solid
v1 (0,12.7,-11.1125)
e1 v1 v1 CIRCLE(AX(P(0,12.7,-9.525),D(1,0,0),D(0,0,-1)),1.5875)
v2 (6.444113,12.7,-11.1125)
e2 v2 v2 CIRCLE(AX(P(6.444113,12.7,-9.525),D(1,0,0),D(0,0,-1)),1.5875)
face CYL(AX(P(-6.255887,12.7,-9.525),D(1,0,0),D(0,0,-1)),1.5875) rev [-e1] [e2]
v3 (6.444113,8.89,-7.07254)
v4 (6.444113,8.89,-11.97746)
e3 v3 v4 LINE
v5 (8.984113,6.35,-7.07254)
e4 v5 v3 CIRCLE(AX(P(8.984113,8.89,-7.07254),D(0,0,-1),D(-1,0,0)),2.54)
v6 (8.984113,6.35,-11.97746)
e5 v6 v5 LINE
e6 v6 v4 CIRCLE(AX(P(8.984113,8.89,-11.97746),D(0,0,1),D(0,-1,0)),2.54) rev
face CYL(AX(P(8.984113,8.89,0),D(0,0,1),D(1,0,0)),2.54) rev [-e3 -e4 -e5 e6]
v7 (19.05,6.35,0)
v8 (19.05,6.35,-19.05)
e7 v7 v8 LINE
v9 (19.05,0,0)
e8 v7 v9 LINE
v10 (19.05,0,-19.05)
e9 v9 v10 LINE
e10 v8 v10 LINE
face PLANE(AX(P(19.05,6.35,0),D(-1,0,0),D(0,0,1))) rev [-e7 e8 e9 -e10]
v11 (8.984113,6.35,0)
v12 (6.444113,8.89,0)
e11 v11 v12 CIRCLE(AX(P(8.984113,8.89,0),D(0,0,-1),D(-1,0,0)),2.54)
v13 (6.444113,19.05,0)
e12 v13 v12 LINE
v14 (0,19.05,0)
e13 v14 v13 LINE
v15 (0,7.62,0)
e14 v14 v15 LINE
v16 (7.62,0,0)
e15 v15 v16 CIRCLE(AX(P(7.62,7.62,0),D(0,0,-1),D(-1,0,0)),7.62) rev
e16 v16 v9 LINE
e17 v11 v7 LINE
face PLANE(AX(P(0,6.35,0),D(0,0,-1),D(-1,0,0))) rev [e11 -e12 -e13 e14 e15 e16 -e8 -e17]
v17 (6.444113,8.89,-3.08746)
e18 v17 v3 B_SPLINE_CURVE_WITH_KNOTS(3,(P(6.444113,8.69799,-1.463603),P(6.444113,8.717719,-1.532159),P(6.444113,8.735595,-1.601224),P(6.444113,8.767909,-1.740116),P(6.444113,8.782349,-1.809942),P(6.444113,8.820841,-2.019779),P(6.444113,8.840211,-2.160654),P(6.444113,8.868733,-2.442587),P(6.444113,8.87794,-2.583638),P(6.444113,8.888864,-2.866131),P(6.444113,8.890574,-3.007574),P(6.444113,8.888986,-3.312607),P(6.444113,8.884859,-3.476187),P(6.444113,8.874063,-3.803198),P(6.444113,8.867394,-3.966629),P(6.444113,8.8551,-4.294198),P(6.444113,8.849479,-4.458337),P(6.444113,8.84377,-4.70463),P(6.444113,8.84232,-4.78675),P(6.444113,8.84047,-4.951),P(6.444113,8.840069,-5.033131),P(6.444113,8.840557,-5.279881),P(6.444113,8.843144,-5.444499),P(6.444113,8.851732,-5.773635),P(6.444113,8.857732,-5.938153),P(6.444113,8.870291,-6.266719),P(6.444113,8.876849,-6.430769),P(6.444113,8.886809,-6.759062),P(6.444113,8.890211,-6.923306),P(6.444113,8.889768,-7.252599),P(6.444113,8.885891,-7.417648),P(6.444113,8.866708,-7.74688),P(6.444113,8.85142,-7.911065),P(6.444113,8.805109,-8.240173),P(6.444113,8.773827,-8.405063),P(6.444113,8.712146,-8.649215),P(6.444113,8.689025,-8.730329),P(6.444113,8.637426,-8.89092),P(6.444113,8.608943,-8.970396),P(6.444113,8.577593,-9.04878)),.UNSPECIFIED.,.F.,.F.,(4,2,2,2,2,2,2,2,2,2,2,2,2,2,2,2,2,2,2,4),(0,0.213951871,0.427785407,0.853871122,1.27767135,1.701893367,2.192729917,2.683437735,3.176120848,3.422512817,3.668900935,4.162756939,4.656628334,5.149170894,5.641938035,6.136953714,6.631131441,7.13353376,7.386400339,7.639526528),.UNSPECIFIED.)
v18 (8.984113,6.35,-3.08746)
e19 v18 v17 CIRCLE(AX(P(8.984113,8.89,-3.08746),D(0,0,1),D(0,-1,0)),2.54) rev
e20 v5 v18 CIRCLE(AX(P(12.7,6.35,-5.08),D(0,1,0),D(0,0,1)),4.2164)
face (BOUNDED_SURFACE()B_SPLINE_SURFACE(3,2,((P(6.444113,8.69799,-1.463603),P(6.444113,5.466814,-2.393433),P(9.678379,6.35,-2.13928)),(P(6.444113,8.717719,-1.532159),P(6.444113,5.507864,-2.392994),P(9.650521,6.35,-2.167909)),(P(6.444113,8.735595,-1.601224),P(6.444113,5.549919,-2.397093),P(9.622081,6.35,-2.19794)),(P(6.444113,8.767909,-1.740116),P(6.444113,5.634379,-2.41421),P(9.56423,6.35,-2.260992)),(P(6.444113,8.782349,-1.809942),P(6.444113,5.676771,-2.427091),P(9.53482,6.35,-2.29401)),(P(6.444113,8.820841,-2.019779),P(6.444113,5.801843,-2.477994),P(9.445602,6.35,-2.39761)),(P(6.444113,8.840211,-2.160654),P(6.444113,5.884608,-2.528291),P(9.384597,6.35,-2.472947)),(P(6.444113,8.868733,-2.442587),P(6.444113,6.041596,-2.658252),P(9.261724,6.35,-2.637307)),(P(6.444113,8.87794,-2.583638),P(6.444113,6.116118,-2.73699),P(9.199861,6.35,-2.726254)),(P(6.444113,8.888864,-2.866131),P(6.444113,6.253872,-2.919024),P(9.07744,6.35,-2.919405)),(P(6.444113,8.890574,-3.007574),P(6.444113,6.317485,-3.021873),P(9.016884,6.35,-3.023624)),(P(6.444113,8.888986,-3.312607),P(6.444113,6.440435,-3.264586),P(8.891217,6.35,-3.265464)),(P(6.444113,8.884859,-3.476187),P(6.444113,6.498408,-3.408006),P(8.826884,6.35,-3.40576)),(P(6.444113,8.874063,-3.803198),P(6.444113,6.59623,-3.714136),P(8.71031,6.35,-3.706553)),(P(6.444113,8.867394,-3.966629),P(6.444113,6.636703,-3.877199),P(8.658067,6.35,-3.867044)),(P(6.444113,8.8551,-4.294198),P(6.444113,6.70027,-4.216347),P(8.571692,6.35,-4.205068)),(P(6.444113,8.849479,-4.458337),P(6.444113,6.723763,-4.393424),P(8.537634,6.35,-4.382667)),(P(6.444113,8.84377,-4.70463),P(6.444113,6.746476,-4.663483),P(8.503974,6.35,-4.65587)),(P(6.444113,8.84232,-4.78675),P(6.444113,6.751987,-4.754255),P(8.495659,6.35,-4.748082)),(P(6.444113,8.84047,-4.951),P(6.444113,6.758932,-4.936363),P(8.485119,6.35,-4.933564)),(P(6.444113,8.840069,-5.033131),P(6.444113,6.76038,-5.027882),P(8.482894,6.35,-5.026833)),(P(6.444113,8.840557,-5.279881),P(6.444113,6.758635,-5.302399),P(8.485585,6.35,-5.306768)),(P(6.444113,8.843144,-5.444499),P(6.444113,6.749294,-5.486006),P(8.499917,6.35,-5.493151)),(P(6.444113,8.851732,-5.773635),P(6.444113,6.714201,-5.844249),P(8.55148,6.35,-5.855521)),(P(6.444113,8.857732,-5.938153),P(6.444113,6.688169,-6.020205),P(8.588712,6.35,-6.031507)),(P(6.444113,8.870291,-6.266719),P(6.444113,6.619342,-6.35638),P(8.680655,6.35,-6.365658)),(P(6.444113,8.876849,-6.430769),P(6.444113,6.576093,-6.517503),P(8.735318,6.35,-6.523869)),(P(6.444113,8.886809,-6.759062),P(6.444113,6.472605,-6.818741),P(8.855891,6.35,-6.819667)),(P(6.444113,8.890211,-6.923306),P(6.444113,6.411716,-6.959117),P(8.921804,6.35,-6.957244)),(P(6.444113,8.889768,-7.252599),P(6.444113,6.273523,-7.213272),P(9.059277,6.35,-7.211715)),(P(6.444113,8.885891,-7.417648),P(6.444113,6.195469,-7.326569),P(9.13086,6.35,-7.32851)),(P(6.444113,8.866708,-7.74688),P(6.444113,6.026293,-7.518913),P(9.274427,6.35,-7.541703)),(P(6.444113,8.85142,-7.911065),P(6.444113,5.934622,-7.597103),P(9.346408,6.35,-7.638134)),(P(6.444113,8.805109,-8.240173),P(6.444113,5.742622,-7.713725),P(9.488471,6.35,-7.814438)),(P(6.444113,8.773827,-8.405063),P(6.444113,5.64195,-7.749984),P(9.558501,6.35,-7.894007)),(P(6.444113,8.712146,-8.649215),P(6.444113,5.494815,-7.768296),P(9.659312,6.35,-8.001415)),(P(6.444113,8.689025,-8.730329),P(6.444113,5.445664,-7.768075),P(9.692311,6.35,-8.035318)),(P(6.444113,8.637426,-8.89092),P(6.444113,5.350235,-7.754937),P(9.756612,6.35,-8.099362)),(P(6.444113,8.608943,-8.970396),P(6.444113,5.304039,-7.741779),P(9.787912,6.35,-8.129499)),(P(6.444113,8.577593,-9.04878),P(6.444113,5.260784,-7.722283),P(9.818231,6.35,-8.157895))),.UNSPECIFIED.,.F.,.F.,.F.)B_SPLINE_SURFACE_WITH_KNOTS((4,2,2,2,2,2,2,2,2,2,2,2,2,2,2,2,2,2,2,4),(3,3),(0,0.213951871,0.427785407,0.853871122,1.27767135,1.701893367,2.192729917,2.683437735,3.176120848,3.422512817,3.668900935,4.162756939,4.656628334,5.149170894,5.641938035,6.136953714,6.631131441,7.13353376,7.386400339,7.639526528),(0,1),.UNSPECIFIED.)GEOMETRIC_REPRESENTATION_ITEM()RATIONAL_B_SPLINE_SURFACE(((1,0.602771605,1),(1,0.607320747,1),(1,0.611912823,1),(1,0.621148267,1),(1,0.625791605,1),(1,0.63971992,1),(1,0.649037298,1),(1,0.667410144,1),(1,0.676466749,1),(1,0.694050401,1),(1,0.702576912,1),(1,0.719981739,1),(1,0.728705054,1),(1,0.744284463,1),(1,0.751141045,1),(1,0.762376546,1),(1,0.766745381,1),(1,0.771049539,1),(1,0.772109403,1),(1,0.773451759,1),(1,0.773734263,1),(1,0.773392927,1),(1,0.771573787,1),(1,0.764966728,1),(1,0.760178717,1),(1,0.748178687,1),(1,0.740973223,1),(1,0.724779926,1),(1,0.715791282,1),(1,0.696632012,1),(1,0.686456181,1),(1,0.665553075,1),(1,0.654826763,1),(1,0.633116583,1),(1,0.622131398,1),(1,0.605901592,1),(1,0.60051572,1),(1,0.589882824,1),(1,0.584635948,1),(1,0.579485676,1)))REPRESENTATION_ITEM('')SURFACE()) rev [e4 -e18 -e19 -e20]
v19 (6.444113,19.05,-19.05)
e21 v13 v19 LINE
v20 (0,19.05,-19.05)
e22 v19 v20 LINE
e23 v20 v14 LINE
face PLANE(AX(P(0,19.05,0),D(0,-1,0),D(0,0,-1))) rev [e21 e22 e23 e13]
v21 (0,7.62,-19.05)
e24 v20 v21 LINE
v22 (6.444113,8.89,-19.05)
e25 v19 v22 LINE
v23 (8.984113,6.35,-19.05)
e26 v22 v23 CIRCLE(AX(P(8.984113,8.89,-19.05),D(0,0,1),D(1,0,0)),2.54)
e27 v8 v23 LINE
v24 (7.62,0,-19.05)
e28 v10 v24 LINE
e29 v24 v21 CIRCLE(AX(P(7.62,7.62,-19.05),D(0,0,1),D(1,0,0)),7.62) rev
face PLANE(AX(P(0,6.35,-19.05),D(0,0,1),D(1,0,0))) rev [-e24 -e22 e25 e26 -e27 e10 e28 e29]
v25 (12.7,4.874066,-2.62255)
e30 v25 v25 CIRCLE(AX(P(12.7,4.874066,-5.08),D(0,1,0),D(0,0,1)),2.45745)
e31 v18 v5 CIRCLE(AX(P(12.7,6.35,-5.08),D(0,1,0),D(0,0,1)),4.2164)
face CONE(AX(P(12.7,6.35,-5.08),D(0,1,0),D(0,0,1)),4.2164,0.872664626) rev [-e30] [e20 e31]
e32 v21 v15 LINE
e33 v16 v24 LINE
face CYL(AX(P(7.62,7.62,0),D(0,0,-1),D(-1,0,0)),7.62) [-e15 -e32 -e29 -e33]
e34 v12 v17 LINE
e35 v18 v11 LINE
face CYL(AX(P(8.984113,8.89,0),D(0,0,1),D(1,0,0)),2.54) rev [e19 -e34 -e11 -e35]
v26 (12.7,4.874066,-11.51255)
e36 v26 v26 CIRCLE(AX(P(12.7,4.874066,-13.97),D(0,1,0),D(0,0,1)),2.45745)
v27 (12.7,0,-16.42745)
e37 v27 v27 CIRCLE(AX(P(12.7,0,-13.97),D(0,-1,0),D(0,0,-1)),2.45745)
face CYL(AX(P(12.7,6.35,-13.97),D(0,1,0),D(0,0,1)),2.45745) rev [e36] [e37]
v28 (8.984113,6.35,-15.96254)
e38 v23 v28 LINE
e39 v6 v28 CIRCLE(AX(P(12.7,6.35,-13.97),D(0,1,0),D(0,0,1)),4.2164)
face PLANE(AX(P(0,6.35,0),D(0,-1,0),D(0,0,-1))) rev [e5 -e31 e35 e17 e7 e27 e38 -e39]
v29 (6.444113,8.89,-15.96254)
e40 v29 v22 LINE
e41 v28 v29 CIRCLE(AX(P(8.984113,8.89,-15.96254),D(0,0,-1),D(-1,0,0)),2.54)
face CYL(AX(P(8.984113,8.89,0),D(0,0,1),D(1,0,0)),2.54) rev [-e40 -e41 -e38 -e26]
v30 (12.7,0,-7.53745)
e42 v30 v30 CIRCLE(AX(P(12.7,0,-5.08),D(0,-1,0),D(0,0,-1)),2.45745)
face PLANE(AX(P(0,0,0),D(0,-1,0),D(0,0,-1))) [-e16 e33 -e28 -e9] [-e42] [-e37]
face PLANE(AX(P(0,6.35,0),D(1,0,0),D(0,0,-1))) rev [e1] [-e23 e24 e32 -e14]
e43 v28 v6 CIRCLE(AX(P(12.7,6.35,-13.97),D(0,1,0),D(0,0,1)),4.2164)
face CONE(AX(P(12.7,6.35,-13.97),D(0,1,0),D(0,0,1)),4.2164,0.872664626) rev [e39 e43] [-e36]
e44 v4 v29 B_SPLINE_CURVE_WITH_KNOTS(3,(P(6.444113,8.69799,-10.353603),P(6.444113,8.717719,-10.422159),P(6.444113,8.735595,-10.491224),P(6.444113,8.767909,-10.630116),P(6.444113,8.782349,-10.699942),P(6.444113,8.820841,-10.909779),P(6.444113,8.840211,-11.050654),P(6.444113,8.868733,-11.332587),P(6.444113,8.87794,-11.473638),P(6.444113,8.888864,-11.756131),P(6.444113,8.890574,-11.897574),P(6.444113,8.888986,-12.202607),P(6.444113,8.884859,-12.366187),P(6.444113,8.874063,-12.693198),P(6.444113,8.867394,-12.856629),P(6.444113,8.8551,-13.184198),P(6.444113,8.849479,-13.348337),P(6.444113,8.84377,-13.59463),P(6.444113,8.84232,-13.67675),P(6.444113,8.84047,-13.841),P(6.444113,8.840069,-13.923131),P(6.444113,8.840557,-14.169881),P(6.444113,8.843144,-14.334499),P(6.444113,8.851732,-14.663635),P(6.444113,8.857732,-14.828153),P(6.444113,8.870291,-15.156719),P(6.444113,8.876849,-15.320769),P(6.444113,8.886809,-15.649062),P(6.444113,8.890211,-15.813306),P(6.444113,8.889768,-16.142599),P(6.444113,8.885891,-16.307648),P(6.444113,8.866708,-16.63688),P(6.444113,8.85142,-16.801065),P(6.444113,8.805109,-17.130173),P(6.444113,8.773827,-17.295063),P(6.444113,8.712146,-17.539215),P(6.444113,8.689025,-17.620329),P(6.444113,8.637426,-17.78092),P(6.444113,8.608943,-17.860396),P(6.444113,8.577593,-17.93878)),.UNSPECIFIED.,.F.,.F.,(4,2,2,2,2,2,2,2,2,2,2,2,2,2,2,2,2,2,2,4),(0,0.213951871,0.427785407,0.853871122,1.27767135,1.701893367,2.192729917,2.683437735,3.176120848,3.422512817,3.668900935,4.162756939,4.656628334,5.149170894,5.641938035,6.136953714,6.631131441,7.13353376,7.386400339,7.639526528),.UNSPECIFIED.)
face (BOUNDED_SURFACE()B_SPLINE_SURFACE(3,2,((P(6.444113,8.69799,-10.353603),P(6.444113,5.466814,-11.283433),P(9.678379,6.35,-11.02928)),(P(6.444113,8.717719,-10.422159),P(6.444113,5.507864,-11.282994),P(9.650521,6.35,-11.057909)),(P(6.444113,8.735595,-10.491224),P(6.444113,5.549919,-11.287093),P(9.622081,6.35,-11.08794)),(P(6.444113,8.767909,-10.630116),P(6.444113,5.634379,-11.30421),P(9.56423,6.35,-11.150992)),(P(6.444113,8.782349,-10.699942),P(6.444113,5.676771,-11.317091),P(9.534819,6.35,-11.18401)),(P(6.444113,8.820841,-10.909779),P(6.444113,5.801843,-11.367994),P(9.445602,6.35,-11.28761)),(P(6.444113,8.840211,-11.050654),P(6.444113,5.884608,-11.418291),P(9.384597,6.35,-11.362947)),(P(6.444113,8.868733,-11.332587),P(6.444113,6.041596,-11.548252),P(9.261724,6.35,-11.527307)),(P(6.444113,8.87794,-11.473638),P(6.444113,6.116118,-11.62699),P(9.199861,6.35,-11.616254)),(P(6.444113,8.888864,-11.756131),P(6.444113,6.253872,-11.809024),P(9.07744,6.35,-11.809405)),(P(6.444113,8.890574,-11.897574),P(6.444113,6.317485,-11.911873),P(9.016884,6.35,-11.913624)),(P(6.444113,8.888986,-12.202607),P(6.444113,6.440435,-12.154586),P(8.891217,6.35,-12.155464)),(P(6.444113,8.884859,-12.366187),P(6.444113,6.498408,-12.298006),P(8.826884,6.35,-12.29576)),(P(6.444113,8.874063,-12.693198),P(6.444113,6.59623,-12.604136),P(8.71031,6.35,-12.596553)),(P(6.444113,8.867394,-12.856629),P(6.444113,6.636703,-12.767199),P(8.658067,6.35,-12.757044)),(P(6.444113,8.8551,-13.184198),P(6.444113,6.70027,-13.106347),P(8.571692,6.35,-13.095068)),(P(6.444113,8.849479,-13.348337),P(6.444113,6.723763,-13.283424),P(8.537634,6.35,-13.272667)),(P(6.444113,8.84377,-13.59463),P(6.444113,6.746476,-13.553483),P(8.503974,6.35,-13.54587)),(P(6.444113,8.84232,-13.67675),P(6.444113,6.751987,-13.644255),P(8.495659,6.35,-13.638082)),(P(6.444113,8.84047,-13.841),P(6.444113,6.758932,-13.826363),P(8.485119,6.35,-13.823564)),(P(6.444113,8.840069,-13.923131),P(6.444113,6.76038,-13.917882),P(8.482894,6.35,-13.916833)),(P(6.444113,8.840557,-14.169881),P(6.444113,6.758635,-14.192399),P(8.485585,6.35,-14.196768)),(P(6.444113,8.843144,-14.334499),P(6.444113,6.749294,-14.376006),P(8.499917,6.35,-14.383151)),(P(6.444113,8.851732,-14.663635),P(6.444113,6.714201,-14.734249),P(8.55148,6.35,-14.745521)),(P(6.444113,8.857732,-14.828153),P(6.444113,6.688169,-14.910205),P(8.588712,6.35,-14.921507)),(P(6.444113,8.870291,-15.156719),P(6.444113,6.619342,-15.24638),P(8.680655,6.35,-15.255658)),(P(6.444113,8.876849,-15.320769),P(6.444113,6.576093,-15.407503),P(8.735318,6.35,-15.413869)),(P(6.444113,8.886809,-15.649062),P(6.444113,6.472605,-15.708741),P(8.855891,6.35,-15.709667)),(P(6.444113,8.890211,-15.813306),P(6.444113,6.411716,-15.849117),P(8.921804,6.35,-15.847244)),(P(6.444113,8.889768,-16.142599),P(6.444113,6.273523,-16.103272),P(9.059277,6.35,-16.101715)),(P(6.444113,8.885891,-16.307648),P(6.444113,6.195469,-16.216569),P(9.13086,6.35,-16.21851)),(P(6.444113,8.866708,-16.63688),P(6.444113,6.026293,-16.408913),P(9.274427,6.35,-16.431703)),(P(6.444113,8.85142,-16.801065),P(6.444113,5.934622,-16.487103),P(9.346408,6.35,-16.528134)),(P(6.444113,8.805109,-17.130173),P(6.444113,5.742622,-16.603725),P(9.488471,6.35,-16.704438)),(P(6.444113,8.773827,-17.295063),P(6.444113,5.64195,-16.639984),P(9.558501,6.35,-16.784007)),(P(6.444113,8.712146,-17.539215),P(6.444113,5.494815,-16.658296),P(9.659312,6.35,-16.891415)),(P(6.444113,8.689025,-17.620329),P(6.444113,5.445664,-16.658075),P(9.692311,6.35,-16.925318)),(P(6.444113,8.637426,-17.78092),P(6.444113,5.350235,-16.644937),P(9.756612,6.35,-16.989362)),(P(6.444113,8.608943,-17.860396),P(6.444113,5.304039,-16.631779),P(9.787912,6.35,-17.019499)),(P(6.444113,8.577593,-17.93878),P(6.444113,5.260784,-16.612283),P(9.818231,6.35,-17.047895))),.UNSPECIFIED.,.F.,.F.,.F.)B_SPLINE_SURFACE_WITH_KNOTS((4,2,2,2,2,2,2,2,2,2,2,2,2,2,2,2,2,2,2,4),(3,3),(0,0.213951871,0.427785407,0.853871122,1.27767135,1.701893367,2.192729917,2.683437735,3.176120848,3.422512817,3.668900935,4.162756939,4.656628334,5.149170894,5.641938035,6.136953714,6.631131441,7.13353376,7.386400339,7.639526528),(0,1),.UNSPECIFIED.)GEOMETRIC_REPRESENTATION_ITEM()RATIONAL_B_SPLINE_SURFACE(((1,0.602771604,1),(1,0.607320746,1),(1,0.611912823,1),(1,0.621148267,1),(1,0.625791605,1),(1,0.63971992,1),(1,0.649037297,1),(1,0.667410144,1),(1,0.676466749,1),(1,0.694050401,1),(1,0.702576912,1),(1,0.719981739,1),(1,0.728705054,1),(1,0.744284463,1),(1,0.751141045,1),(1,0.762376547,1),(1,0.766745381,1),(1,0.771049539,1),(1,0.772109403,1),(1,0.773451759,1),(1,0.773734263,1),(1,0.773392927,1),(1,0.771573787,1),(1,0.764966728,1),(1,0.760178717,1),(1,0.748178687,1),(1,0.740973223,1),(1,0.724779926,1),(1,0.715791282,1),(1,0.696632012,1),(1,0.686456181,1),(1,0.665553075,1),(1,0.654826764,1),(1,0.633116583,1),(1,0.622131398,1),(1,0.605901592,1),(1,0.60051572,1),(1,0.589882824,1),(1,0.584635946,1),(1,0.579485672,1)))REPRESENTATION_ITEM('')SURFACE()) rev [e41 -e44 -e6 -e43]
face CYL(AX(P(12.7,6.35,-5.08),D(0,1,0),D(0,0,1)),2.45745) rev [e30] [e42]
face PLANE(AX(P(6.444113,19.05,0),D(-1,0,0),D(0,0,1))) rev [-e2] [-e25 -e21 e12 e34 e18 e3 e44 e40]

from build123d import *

# Parameters (mm, degrees)
SKETCH1_W                                         = 19.05
SKETCH1_H                                         = 19.05
BOSS_EXTRUDE1_DEPTH                               = 6.35
SKETCH2_W                                         = 6.444113488
SKETCH2_H                                         = 19.05
BOSS_EXTRUDE2_DEPTH                               = 12.7
CSK_FOR_8_FLAT_HEAD_MACHINE_SCREW_100_D           = 4.9149
CSK_FOR_8_FLAT_HEAD_MACHINE_SCREW_100_DEPTH       = 23.368
CSK_FOR_8_FLAT_HEAD_MACHINE_SCREW_100_CSINK_D     = 8.4328
CSK_FOR_8_FLAT_HEAD_MACHINE_SCREW_100_CSINK_ANGLE = 100
CSK_FOR_8_FLAT_HEAD_MACHINE_SCREW_100_TIP         = 1.476584928
SKETCH5_R                                         = 1.5875
CUT_EXTRUDE1_DEPTH                                = 12.7
FILLET1_R                                         = 2.54
FILLET2_R                                         = 7.62


with BuildPart() as part:
    # Sketch1 → Boss-Extrude1 (new body)
    with BuildSketch(Plane(origin=(0, 0, 0), x_dir=(1, 0, 0), z_dir=(0, 1, 0))):
        with Locations((9.525, 9.525)):
            Rectangle(SKETCH1_W, SKETCH1_H)
    extrude(amount=BOSS_EXTRUDE1_DEPTH)

    # Sketch2 → Boss-Extrude2 (add)
    with BuildSketch(Plane(origin=(0, 6.35, 0), x_dir=(1, 0, 0), z_dir=(0, 1, 0))):
        with Locations((3.222056744, 9.525)):
            Rectangle(SKETCH2_W, SKETCH2_H)
    extrude(amount=BOSS_EXTRUDE2_DEPTH)

    # CSK for #8 Flat Head Machine Screw (100)1
    with Locations(Plane(origin=(0, 6.35, 0), x_dir=(1, 0, 0), z_dir=(0, 1, 0))):
        with Locations((12.7, 13.97), (12.7, 5.08)):
            CounterSinkHole(CSK_FOR_8_FLAT_HEAD_MACHINE_SCREW_100_D / 2, CSK_FOR_8_FLAT_HEAD_MACHINE_SCREW_100_CSINK_D / 2, depth=CSK_FOR_8_FLAT_HEAD_MACHINE_SCREW_100_DEPTH, counter_sink_angle=CSK_FOR_8_FLAT_HEAD_MACHINE_SCREW_100_CSINK_ANGLE)
            with Locations((0, 0, -(CSK_FOR_8_FLAT_HEAD_MACHINE_SCREW_100_DEPTH + CSK_FOR_8_FLAT_HEAD_MACHINE_SCREW_100_TIP / 2))):  # 118° drill point
                Cone(0, CSK_FOR_8_FLAT_HEAD_MACHINE_SCREW_100_D / 2, CSK_FOR_8_FLAT_HEAD_MACHINE_SCREW_100_TIP, mode=Mode.SUBTRACT)

    # Sketch5 → Cut-Extrude1 (cut)
    with BuildSketch(Plane(origin=(6.444113488, 0, 0), x_dir=(0, 0, -1), z_dir=(1, 0, 0))):
        with Locations((9.525, 12.7)):
            Circle(SKETCH5_R)
    extrude(amount=-CUT_EXTRUDE1_DEPTH, mode=Mode.SUBTRACT)

    # Fillet1
    fillet1_edges = [part.edges().sort_by_distance(p)[0] for p in [
        (6.444113488, 6.35, -9.525),
    ]]
    fillet(fillet1_edges, radius=FILLET1_R)

    # Fillet2
    fillet2_edges = [part.edges().sort_by_distance(p)[0] for p in [
        (0, 0, -9.525),
    ]]
    fillet(fillet2_edges, radius=FILLET2_R)


solid = part.part
